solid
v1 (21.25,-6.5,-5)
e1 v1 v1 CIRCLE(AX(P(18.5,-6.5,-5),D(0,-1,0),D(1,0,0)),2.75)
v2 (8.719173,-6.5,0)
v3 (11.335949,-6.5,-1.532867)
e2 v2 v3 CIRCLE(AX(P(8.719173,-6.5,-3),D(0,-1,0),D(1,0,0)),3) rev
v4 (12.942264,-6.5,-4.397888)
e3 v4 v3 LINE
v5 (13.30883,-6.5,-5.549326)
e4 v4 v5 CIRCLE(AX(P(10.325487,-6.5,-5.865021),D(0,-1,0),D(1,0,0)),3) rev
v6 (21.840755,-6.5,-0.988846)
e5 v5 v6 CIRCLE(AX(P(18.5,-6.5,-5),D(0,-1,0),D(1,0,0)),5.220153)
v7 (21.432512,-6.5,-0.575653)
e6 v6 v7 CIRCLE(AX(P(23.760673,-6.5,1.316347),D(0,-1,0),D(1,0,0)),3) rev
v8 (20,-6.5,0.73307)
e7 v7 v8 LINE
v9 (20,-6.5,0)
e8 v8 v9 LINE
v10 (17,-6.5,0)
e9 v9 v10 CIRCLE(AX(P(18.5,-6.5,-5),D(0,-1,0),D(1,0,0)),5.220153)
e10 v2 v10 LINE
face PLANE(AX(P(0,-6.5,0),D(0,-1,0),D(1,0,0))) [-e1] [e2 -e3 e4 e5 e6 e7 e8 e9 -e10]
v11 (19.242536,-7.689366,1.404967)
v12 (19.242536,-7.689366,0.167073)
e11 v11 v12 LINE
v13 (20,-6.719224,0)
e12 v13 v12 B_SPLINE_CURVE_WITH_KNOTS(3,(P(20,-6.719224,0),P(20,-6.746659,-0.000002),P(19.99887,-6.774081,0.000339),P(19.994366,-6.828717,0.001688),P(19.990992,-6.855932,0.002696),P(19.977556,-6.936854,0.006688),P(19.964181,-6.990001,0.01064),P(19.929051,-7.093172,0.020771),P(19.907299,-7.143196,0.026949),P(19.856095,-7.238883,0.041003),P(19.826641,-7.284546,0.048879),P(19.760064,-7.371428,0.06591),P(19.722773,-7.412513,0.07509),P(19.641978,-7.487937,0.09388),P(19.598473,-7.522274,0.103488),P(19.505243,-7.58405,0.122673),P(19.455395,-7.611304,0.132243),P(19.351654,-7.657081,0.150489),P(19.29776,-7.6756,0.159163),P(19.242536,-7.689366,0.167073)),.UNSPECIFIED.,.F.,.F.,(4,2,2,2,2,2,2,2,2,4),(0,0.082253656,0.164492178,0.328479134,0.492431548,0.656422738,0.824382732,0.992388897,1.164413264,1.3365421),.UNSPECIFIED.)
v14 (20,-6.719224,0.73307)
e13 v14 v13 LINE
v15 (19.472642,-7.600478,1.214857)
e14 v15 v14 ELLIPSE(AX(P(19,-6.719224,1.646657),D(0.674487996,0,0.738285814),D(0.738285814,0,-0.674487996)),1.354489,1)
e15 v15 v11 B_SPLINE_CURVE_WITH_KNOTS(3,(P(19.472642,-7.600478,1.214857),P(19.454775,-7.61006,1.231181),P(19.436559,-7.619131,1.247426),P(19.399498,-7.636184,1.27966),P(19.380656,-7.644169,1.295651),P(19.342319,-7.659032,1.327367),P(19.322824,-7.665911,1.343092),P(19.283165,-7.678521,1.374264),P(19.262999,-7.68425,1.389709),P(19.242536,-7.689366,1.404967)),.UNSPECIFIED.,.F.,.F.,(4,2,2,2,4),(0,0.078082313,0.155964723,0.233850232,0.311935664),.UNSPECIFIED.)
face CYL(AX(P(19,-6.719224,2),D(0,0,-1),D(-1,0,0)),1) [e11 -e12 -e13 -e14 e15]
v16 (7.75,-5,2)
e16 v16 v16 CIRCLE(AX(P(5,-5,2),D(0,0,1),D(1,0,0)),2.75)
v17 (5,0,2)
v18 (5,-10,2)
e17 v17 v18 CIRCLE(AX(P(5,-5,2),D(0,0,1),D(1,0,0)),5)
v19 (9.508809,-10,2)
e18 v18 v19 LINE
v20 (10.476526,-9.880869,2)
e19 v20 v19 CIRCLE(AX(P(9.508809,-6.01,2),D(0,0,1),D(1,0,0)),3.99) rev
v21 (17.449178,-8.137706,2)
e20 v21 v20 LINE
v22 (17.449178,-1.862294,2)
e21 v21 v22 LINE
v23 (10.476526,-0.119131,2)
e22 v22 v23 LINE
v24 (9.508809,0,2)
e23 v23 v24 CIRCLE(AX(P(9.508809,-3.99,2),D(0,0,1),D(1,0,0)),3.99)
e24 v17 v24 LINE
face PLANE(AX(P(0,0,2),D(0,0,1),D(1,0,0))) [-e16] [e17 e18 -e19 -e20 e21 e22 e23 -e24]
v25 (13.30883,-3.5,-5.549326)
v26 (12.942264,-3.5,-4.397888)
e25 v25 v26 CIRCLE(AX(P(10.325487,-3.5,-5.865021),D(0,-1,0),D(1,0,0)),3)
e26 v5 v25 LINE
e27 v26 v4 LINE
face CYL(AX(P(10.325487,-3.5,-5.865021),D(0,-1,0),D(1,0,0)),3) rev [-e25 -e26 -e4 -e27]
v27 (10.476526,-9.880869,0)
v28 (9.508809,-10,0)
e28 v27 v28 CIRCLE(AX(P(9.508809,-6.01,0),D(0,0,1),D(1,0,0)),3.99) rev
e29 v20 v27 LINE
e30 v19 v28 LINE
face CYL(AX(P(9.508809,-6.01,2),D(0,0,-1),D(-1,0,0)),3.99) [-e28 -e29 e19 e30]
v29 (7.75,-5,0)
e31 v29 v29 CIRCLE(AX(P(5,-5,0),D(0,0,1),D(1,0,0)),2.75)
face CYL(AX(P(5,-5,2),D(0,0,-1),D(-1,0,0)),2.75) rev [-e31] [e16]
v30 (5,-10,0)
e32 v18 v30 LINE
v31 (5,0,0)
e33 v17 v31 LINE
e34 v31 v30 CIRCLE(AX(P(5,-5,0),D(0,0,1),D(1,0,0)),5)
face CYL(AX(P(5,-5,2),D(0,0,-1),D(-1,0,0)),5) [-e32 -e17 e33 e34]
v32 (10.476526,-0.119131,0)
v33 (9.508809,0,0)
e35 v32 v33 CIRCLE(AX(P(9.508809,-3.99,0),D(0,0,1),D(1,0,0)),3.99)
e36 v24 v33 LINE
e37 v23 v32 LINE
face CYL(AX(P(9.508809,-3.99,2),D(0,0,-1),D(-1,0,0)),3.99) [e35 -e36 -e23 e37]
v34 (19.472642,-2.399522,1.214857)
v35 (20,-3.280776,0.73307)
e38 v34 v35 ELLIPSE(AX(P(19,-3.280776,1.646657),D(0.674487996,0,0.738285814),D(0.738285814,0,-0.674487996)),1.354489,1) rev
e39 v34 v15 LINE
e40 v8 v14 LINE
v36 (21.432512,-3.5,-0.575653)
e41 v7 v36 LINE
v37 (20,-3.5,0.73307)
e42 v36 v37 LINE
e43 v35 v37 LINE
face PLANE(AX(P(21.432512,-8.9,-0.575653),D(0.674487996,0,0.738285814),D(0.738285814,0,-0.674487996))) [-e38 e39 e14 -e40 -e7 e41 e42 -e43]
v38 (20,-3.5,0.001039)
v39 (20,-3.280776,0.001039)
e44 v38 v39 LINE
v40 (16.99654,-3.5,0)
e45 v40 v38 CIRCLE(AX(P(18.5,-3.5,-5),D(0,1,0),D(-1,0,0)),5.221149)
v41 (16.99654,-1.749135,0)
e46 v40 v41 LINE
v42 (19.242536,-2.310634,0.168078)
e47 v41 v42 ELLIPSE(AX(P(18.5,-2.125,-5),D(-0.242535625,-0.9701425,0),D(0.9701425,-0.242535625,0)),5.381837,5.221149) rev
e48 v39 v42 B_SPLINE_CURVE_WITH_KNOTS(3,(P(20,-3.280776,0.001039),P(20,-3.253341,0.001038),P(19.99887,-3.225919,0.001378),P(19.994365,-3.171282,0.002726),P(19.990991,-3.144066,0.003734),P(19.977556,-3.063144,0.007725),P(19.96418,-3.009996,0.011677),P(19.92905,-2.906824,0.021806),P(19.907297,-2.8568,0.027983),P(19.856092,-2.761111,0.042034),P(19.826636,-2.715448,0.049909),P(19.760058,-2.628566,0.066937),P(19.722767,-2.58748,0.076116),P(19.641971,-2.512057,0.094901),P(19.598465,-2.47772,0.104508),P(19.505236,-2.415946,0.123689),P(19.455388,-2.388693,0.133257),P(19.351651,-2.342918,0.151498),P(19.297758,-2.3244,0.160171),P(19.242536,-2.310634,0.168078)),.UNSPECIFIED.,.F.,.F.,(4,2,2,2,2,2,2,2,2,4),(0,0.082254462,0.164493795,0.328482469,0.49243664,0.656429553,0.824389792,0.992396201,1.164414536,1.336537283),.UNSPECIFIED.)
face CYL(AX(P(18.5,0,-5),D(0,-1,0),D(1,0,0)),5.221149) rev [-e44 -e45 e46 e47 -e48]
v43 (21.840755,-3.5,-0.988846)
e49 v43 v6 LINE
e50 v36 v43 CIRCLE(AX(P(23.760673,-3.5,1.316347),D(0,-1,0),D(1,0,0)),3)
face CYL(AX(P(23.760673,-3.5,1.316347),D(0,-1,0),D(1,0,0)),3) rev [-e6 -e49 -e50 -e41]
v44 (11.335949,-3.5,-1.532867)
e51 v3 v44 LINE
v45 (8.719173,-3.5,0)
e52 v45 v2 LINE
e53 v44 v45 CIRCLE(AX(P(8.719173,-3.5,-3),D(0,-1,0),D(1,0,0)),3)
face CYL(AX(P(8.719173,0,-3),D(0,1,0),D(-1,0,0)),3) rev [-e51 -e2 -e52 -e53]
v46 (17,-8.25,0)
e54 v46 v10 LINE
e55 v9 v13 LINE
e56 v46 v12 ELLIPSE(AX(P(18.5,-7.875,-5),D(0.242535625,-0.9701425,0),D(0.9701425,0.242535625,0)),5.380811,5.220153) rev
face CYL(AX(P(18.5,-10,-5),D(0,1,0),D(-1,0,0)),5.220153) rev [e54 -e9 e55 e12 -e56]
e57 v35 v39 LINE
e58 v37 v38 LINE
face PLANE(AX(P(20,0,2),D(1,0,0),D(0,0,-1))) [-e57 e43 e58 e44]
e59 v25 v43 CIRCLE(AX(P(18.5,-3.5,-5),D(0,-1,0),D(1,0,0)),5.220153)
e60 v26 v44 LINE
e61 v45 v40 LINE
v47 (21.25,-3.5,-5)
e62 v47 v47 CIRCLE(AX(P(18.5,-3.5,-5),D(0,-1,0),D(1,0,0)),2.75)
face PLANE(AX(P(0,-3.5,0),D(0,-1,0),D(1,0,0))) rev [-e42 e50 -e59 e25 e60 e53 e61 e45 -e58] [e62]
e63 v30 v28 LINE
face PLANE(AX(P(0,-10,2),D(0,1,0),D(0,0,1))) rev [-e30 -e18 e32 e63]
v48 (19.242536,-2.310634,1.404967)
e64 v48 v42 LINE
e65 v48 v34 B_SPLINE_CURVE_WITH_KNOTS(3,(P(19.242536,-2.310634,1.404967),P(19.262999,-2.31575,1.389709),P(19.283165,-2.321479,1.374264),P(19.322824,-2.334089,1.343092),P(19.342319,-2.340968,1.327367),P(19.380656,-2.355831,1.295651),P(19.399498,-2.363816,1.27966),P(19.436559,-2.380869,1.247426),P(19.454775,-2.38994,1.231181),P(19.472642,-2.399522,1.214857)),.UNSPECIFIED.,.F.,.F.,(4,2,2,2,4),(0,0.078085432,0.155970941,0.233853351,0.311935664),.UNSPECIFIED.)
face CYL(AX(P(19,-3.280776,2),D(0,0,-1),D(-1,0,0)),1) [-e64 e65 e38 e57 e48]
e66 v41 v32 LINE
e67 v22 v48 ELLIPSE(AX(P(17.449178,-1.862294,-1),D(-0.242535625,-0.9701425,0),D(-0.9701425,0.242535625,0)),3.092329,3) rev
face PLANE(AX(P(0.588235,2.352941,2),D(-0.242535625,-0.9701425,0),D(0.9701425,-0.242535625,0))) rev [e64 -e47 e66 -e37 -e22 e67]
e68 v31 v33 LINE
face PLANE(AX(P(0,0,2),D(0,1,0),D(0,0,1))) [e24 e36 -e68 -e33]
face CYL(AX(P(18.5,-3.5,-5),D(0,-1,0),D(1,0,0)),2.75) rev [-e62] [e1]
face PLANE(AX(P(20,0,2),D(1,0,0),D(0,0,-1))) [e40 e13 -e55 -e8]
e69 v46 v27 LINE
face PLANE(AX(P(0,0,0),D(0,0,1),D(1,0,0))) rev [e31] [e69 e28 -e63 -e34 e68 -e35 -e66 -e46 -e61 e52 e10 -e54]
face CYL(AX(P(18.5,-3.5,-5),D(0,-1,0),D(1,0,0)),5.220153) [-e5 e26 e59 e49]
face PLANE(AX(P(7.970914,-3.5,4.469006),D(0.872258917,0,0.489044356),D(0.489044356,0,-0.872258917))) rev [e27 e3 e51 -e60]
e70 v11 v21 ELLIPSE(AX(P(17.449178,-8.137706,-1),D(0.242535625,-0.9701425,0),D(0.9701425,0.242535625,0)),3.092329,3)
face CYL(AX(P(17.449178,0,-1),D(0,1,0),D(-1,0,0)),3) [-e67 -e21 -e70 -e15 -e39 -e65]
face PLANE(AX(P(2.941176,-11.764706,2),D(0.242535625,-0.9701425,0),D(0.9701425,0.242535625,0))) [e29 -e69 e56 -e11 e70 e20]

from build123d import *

# Parameters (mm, degrees)
SKETCH1_R                = 2.75
BOSS_EXTRUDE1_DEPTH      = 2
BOSS_EXTRUDE2_DEPTH      = 2.5
BOSS_EXTRUDE2_DEPTH_BACK = 0.5
FILLET1_R                = 3
CUT_EXTRUDE1_DEPTH       = 4.9
CUT_EXTRUDE1_DEPTH_BACK  = 3.5
FILLET2_R                = 3
SKETCH5_R                = 5.220153254
CUT_EXTRUDE2_DEPTH       = 3.5
SKETCH6_R                = 5.221148533
CUT_EXTRUDE3_DEPTH       = 3.5


with BuildPart() as part:
    # Sketch1 → Boss-Extrude1 (new body)
    with BuildSketch(Plane.XY):
        with BuildLine():
            Line((9.508808554, 0), (5, 0))
            ThreePointArc((5, 0), (1.464466094, -1.464466094), (0, -5))
            ThreePointArc((0, -5), (1.464466094, -8.535533906), (5, -10))
            Line((5, -10), (9.508808554, -10))
            ThreePointArc((9.508808554, -10), (9.996319776, -9.970105151), (10.476525698, -9.880868576))
            Line((10.476525698, -9.880868576), (19.242535625, -7.689366094))
            ThreePointArc((19.242535625, -7.689366094), (19.788205438, -7.334635803), (20, -6.719223594))
            Line((20, -6.719223594), (20, -4.609611797))
            Line((20, -4.609611797), (20, -3.280776406))
            ThreePointArc((20, -3.280776406), (19.788205438, -2.665364197), (19.242535625, -2.310633906))
            Line((19.242535625, -2.310633906), (10.476525698, -0.119131424))
            ThreePointArc((10.476525698, -0.119131424), (9.996319776, -0.029894849), (9.508808554, 0))
        make_face()
        with Locations((5, -5)):
            Circle(SKETCH1_R, mode=Mode.SUBTRACT)
    extrude(amount=BOSS_EXTRUDE1_DEPTH)

    # Sketch3 → Boss-Extrude2 (add, two sides: drawn at the far end of the back side and taken through both)
    with BuildSketch(Plane(origin=(0, -4, 0), x_dir=(-1, 0, 0), z_dir=(0, -1, 0)).offset(-BOSS_EXTRUDE2_DEPTH_BACK)):
        with BuildLine():
            ThreePointArc((-23.720153254, 5), (-23.109616483, 2.550217177), (-21.420820041, 0.673475957))
            Line((-21.420820041, 0.673475957), (-23.720153254, 5))
        make_face()
        with BuildLine():
            ThreePointArc((-21.420820041, 0.673475957), (-20.735912548, 0.282935757), (-20, 0))
            Line((-20, 0), (-20, 2.695113886))
            ThreePointArc((-20, 2.695113886), (-19.81101106, 7.417384951), (-15.75, 5))
            ThreePointArc((-15.75, 5), (-15.856067672, 4.243612637), (-16.166088613, 3.54557309))
            Line((-16.166088613, 3.54557309), (-14.069681773, 2.23915223))
            ThreePointArc((-14.069681773, 2.23915223), (-13.481188382, 3.564197108), (-13.279846746, 5))
            ThreePointArc((-13.279846746, 5), (-18.5, 10.220153254), (-23.720153254, 5))
            Line((-23.720153254, 5), (-21.420820041, 0.673475957))
        make_face()
        with BuildLine():
            Line((-20, 2.695113886), (-20, 0))
            ThreePointArc((-20, 0), (-16.65605263, 0.11636835), (-14.069681773, 2.23915223))
            Line((-14.069681773, 2.23915223), (-16.166088613, 3.54557309))
            ThreePointArc((-16.166088613, 3.54557309), (-17.904456328, 2.315260211), (-20, 2.695113886))
        make_face()
        with BuildLine():
            ThreePointArc((-13.279846746, 5), (-13.481188382, 3.564197108), (-14.069681773, 2.23915223))
            Line((-14.069681773, 2.23915223), (-10.476525698, 0))
            Line((-10.476525698, 0), (-13.279846746, 5))
        make_face()
        with BuildLine():
            ThreePointArc((-14.069681773, 2.23915223), (-16.65605263, 0.11636835), (-20, 0))
            ThreePointArc((-20, 0), (-20.735912548, 0.282935757), (-21.420820041, 0.673475957))
            Line((-21.420820041, 0.673475957), (-20, -2))
            Line((-20, -2), (-10.476525698, 0))
            Line((-10.476525698, 0), (-14.069681773, 2.23915223))
        make_face()
    extrude(amount=BOSS_EXTRUDE2_DEPTH + BOSS_EXTRUDE2_DEPTH_BACK)

    # Fillet1
    fillet1_edges = [part.edges().sort_by_distance(p)[0] for p in [
        (10.476525698, -5, 0),
        (21.420820041, -5, -0.673475957),
        (13.279846746, -5, -5),
    ]]
    fillet(fillet1_edges, radius=FILLET1_R)

    # Sketch4 → Cut-Extrude1 (cut, two sides: drawn at the far end of the back side and taken through both)
    with BuildSketch(Plane(origin=(0, -4, 0), x_dir=(-1, 0, 0), z_dir=(0, -1, 0)).offset(-CUT_EXTRUDE1_DEPTH_BACK)):
        Polygon((-21.432511864, 0.575653333), (-18.613235122, -2), (-20, -2), align=None)
    extrude(amount=CUT_EXTRUDE1_DEPTH + CUT_EXTRUDE1_DEPTH_BACK, mode=Mode.SUBTRACT)

    # Fillet2
    fillet2_edges = [part.edges().sort_by_distance(p)[0] for p in [
        (18.613235122, -5, 2),
    ]]
    fillet(fillet2_edges, radius=FILLET2_R)

    # Sketch5 → Cut-Extrude2 (cut)
    with BuildSketch(Plane.XZ.offset(6.5)):
        with Locations((18.5, -5)):
            Circle(SKETCH5_R)
    extrude(amount=CUT_EXTRUDE2_DEPTH, mode=Mode.SUBTRACT)

    # Sketch6 → Cut-Extrude3 (cut)
    with BuildSketch(Plane(origin=(0, -3.5, 0), x_dir=(1, 0, 0), z_dir=(0, 1, 0))):
        with Locations((18.5, 5)):
            Circle(SKETCH6_R)
    extrude(amount=CUT_EXTRUDE3_DEPTH, mode=Mode.SUBTRACT)


solid = part.part
